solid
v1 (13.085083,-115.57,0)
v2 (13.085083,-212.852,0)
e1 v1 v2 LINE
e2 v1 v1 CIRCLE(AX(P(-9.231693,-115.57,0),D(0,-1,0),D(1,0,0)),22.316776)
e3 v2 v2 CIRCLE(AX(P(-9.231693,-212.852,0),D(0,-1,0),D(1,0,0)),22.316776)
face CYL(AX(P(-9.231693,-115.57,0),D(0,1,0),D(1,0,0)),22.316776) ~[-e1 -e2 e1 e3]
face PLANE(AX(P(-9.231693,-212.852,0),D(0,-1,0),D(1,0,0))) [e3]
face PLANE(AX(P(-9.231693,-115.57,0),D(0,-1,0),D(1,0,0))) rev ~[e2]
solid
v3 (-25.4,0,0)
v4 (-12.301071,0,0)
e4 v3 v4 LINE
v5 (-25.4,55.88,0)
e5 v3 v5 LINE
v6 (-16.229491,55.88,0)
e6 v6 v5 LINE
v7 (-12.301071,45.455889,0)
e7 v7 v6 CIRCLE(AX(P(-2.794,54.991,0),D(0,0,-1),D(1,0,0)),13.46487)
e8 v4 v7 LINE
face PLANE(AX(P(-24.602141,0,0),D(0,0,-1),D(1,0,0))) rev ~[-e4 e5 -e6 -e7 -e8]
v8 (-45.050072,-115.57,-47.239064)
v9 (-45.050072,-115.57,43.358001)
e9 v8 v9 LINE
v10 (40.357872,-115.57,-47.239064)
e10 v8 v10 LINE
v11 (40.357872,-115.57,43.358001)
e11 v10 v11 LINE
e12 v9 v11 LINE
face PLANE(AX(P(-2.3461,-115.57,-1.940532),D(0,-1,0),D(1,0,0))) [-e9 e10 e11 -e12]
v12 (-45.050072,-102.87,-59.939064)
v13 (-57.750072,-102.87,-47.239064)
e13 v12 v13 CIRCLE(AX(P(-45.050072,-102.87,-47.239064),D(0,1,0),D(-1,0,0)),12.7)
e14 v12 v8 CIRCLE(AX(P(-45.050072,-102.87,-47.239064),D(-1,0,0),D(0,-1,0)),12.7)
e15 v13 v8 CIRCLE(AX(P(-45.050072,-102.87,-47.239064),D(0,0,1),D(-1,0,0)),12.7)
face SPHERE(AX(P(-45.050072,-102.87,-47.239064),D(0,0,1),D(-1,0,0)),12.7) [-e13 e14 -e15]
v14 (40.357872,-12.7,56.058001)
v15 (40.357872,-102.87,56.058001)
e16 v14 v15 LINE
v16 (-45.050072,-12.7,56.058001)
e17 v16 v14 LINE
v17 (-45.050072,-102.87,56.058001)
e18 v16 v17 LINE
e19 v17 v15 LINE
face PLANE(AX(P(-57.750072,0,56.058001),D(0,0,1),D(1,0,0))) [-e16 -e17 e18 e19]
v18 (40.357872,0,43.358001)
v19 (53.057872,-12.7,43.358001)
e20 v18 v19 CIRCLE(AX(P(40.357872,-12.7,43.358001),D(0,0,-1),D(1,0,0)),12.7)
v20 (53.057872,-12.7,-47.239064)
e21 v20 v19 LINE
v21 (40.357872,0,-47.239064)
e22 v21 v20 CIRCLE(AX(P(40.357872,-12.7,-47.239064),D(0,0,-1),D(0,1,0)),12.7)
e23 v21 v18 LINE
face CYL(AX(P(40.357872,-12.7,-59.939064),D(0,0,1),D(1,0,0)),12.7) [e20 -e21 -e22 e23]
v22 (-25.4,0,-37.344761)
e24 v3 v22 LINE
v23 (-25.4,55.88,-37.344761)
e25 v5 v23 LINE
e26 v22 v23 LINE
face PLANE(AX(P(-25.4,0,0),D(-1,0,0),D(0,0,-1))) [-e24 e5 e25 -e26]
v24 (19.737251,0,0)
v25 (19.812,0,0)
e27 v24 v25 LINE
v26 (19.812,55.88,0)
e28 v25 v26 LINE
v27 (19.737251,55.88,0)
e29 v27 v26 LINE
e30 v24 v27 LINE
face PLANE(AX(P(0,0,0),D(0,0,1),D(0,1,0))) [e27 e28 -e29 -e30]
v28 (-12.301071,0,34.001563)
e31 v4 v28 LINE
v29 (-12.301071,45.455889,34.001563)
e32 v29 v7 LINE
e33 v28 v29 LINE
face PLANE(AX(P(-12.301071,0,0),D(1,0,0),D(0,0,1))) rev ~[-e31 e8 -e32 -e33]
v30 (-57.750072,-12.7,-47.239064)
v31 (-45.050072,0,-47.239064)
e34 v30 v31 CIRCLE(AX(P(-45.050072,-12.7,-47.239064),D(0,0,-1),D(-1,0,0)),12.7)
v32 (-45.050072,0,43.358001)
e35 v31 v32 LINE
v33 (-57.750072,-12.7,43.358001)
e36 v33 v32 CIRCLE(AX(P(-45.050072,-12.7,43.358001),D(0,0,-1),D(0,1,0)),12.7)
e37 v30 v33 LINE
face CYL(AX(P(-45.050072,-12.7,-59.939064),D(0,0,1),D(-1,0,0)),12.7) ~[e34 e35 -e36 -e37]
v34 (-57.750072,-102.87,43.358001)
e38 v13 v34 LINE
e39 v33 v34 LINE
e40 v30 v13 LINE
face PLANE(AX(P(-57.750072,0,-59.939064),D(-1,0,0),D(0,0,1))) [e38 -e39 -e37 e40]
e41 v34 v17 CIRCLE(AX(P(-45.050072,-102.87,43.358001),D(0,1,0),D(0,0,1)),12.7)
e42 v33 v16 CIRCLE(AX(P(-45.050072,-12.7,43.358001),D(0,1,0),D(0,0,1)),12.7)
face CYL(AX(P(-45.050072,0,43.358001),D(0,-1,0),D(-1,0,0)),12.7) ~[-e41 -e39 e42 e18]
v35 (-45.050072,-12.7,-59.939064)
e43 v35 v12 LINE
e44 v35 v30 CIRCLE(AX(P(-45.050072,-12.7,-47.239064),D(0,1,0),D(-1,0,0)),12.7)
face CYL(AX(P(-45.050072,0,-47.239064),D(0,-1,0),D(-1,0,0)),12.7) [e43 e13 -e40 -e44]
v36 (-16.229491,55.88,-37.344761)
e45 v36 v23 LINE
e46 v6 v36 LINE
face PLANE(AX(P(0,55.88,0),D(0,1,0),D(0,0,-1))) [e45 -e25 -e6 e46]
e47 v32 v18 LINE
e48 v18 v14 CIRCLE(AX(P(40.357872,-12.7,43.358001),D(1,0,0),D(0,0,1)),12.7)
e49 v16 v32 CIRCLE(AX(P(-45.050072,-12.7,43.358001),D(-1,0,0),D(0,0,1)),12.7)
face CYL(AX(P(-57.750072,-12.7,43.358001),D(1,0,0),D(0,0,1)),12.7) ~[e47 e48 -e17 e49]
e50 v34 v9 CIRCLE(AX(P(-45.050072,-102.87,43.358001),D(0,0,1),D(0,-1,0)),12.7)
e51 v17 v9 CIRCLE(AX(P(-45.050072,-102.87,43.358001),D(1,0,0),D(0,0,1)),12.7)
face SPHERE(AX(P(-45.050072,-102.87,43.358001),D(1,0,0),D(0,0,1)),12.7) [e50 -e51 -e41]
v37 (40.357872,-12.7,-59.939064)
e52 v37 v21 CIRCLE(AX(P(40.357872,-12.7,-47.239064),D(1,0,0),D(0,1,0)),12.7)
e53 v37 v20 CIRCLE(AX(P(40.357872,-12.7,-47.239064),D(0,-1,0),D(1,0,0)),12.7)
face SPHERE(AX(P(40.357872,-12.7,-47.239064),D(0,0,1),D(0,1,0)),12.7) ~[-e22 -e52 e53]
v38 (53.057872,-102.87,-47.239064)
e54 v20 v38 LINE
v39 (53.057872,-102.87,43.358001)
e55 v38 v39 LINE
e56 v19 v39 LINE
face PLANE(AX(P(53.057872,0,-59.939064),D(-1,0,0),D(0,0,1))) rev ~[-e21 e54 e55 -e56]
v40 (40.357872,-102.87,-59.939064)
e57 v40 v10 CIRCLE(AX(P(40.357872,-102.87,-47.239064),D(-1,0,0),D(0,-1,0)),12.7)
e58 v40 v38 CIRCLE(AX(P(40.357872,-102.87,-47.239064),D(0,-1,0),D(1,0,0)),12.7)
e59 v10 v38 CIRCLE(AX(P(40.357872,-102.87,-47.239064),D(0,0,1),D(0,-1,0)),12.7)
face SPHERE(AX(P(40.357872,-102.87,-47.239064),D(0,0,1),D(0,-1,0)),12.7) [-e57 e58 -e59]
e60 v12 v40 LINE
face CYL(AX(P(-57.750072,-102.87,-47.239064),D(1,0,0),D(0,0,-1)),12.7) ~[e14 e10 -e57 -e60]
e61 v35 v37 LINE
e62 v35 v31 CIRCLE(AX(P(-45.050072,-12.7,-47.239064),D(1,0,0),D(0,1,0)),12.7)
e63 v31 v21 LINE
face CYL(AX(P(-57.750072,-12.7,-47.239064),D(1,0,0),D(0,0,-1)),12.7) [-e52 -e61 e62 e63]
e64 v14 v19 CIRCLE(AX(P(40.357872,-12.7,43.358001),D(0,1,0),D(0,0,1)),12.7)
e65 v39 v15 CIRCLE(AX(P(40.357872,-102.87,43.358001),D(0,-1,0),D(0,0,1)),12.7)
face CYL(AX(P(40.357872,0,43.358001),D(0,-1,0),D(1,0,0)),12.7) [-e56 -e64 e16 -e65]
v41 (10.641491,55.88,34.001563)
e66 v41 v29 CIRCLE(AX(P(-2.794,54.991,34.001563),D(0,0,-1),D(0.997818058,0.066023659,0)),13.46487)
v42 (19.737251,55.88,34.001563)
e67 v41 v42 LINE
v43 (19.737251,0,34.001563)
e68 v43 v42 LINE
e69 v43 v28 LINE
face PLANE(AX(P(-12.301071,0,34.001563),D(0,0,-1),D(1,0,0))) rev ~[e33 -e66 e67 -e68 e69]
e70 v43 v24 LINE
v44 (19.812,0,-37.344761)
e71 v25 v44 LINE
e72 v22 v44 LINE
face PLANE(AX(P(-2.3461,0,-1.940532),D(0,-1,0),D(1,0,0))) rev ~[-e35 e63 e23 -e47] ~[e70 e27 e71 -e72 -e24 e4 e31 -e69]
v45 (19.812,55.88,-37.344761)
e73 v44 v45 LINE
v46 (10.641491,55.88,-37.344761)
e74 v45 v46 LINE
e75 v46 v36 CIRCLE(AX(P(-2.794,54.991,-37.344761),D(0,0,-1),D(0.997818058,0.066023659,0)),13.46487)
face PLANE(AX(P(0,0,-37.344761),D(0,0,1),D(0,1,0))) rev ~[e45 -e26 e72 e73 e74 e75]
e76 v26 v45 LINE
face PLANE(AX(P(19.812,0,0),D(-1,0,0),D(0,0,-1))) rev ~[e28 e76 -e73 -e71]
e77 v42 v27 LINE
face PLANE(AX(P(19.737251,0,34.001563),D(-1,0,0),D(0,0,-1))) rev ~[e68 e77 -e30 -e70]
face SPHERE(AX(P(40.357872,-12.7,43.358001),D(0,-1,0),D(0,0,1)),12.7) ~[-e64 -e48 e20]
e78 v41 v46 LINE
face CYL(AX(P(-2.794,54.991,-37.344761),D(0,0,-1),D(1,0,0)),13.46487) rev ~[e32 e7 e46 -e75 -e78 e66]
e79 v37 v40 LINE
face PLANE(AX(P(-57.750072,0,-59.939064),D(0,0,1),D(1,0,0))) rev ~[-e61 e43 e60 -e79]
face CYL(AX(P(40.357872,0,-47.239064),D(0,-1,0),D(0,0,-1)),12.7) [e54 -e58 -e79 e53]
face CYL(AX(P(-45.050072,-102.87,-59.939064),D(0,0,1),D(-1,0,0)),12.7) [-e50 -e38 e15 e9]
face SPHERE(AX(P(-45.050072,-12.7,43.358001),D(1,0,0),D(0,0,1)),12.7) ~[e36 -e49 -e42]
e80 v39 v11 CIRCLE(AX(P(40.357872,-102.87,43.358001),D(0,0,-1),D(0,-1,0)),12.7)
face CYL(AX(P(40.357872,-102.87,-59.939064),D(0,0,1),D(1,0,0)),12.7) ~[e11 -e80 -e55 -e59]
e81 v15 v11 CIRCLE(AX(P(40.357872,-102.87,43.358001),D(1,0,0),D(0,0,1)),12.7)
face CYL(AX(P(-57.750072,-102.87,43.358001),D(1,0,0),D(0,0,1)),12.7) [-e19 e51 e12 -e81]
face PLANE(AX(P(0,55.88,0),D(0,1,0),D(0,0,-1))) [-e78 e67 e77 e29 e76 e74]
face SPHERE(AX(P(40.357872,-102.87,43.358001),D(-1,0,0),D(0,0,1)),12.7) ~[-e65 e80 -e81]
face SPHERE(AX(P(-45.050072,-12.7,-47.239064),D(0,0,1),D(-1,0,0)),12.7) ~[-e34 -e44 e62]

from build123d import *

# Parameters (mm, degrees)
F0_W      = 110.8079440892
F0_H      = 115.9970648587
F1_DEPTH  = 115.57
F2_R      = 12.7
F3_R      = 22.3167764272
F4_DEPTH  = 97.282
F6_DEPTH  = 109.982
F7_DEPTH  = 25.4
F8_DEPTH  = 19.812
F9_R      = 13.4648701689
F10_DEPTH = 133.604
F11_DEPTH = 54.102


with BuildPart() as f1:
    # F0 (on Front) → F1 (new body)
    with BuildSketch(Plane.XZ):
        with Locations((-2.3461002856, -1.9405316561)):
            Rectangle(F0_W, F0_H)
    extrude(amount=F1_DEPTH)

    # F2
    f2_edges = [f1.edges().sort_by_distance(p)[0] for p in [
        (-2.3461, -115.57, 56.058001),
        (53.057872, -57.785, 56.058001),
        (-2.3461, 0, 56.058001),
        (-57.750072, -57.785, 56.058001),
        (53.057872, -115.57, -1.940532),
        (53.057872, 0, -1.940532),
        (-57.750072, -115.57, -1.940532),
        (-57.750072, 0, -1.940532),
        (-57.750072, -57.785, -59.939064),
        (-2.3461, 0, -59.939064),
        (-2.3461, -115.57, -59.939064),
        (53.057872, -57.785, -59.939064),
    ]]
    fillet(f2_edges, radius=F2_R)

    # F5 (on face) → F6 (join)
    with BuildSketch(Plane(origin=(0, 0, 0), x_dir=(-1, 0, 0), z_dir=(0, 1, 0))):
        Polygon((-19.7372511029, 0), (0, 0), (12.3010706156, 0), (12.3010706156, 34.0015627444), (-19.7372511029, 34.0015627444), align=None)
        Polygon((12.3010706156, 0), (0, 0), (0, -37.3447611928), (24.6021412313, -37.3447611928), (24.6021412313, 0), align=None)
    extrude(amount=F6_DEPTH)

    # F7 (add): faces of the model
    f7_faces = [f1.faces().sort_by_distance(p)[0] for p in [
        (0, 54.991, -18.6723805964),
        (19.7372511029, 54.991, 17.0007813722),
    ]]
    extrude(f7_faces, amount=-F7_DEPTH)

    # F8 (add): a face of the model
    f8_faces = [f1.faces().sort_by_distance(p)[0] for p in [
        (0, 54.991, -18.6723805964),
    ]]
    extrude(f8_faces, amount=F8_DEPTH)

    # F9 (on face) → F10 (cut)
    with BuildSketch(Plane(origin=(0, 0, -37.3447611928), x_dir=(1, 0, 0), z_dir=(0, 0, -1))):
        with Locations((-2.794, -54.991)):
            Circle(F9_R)
    extrude(amount=-F10_DEPTH, mode=Mode.SUBTRACT)

    # F11 (cut): a face of the model
    f11_faces = [f1.faces().sort_by_distance(p)[0] for p in [
        (-0.2401786117, 109.982, -4.6825738498),
    ]]
    extrude(f11_faces, amount=-F11_DEPTH, mode=Mode.SUBTRACT)


with BuildPart() as f4:
    # F3 (on face) → F4 (new body)
    with BuildSketch(Plane.XZ.offset(115.57)):
        with Locations((-9.2316931114, 0)):
            Circle(F3_R)
    extrude(amount=F4_DEPTH)


solid = Compound([f1.part, f4.part])
